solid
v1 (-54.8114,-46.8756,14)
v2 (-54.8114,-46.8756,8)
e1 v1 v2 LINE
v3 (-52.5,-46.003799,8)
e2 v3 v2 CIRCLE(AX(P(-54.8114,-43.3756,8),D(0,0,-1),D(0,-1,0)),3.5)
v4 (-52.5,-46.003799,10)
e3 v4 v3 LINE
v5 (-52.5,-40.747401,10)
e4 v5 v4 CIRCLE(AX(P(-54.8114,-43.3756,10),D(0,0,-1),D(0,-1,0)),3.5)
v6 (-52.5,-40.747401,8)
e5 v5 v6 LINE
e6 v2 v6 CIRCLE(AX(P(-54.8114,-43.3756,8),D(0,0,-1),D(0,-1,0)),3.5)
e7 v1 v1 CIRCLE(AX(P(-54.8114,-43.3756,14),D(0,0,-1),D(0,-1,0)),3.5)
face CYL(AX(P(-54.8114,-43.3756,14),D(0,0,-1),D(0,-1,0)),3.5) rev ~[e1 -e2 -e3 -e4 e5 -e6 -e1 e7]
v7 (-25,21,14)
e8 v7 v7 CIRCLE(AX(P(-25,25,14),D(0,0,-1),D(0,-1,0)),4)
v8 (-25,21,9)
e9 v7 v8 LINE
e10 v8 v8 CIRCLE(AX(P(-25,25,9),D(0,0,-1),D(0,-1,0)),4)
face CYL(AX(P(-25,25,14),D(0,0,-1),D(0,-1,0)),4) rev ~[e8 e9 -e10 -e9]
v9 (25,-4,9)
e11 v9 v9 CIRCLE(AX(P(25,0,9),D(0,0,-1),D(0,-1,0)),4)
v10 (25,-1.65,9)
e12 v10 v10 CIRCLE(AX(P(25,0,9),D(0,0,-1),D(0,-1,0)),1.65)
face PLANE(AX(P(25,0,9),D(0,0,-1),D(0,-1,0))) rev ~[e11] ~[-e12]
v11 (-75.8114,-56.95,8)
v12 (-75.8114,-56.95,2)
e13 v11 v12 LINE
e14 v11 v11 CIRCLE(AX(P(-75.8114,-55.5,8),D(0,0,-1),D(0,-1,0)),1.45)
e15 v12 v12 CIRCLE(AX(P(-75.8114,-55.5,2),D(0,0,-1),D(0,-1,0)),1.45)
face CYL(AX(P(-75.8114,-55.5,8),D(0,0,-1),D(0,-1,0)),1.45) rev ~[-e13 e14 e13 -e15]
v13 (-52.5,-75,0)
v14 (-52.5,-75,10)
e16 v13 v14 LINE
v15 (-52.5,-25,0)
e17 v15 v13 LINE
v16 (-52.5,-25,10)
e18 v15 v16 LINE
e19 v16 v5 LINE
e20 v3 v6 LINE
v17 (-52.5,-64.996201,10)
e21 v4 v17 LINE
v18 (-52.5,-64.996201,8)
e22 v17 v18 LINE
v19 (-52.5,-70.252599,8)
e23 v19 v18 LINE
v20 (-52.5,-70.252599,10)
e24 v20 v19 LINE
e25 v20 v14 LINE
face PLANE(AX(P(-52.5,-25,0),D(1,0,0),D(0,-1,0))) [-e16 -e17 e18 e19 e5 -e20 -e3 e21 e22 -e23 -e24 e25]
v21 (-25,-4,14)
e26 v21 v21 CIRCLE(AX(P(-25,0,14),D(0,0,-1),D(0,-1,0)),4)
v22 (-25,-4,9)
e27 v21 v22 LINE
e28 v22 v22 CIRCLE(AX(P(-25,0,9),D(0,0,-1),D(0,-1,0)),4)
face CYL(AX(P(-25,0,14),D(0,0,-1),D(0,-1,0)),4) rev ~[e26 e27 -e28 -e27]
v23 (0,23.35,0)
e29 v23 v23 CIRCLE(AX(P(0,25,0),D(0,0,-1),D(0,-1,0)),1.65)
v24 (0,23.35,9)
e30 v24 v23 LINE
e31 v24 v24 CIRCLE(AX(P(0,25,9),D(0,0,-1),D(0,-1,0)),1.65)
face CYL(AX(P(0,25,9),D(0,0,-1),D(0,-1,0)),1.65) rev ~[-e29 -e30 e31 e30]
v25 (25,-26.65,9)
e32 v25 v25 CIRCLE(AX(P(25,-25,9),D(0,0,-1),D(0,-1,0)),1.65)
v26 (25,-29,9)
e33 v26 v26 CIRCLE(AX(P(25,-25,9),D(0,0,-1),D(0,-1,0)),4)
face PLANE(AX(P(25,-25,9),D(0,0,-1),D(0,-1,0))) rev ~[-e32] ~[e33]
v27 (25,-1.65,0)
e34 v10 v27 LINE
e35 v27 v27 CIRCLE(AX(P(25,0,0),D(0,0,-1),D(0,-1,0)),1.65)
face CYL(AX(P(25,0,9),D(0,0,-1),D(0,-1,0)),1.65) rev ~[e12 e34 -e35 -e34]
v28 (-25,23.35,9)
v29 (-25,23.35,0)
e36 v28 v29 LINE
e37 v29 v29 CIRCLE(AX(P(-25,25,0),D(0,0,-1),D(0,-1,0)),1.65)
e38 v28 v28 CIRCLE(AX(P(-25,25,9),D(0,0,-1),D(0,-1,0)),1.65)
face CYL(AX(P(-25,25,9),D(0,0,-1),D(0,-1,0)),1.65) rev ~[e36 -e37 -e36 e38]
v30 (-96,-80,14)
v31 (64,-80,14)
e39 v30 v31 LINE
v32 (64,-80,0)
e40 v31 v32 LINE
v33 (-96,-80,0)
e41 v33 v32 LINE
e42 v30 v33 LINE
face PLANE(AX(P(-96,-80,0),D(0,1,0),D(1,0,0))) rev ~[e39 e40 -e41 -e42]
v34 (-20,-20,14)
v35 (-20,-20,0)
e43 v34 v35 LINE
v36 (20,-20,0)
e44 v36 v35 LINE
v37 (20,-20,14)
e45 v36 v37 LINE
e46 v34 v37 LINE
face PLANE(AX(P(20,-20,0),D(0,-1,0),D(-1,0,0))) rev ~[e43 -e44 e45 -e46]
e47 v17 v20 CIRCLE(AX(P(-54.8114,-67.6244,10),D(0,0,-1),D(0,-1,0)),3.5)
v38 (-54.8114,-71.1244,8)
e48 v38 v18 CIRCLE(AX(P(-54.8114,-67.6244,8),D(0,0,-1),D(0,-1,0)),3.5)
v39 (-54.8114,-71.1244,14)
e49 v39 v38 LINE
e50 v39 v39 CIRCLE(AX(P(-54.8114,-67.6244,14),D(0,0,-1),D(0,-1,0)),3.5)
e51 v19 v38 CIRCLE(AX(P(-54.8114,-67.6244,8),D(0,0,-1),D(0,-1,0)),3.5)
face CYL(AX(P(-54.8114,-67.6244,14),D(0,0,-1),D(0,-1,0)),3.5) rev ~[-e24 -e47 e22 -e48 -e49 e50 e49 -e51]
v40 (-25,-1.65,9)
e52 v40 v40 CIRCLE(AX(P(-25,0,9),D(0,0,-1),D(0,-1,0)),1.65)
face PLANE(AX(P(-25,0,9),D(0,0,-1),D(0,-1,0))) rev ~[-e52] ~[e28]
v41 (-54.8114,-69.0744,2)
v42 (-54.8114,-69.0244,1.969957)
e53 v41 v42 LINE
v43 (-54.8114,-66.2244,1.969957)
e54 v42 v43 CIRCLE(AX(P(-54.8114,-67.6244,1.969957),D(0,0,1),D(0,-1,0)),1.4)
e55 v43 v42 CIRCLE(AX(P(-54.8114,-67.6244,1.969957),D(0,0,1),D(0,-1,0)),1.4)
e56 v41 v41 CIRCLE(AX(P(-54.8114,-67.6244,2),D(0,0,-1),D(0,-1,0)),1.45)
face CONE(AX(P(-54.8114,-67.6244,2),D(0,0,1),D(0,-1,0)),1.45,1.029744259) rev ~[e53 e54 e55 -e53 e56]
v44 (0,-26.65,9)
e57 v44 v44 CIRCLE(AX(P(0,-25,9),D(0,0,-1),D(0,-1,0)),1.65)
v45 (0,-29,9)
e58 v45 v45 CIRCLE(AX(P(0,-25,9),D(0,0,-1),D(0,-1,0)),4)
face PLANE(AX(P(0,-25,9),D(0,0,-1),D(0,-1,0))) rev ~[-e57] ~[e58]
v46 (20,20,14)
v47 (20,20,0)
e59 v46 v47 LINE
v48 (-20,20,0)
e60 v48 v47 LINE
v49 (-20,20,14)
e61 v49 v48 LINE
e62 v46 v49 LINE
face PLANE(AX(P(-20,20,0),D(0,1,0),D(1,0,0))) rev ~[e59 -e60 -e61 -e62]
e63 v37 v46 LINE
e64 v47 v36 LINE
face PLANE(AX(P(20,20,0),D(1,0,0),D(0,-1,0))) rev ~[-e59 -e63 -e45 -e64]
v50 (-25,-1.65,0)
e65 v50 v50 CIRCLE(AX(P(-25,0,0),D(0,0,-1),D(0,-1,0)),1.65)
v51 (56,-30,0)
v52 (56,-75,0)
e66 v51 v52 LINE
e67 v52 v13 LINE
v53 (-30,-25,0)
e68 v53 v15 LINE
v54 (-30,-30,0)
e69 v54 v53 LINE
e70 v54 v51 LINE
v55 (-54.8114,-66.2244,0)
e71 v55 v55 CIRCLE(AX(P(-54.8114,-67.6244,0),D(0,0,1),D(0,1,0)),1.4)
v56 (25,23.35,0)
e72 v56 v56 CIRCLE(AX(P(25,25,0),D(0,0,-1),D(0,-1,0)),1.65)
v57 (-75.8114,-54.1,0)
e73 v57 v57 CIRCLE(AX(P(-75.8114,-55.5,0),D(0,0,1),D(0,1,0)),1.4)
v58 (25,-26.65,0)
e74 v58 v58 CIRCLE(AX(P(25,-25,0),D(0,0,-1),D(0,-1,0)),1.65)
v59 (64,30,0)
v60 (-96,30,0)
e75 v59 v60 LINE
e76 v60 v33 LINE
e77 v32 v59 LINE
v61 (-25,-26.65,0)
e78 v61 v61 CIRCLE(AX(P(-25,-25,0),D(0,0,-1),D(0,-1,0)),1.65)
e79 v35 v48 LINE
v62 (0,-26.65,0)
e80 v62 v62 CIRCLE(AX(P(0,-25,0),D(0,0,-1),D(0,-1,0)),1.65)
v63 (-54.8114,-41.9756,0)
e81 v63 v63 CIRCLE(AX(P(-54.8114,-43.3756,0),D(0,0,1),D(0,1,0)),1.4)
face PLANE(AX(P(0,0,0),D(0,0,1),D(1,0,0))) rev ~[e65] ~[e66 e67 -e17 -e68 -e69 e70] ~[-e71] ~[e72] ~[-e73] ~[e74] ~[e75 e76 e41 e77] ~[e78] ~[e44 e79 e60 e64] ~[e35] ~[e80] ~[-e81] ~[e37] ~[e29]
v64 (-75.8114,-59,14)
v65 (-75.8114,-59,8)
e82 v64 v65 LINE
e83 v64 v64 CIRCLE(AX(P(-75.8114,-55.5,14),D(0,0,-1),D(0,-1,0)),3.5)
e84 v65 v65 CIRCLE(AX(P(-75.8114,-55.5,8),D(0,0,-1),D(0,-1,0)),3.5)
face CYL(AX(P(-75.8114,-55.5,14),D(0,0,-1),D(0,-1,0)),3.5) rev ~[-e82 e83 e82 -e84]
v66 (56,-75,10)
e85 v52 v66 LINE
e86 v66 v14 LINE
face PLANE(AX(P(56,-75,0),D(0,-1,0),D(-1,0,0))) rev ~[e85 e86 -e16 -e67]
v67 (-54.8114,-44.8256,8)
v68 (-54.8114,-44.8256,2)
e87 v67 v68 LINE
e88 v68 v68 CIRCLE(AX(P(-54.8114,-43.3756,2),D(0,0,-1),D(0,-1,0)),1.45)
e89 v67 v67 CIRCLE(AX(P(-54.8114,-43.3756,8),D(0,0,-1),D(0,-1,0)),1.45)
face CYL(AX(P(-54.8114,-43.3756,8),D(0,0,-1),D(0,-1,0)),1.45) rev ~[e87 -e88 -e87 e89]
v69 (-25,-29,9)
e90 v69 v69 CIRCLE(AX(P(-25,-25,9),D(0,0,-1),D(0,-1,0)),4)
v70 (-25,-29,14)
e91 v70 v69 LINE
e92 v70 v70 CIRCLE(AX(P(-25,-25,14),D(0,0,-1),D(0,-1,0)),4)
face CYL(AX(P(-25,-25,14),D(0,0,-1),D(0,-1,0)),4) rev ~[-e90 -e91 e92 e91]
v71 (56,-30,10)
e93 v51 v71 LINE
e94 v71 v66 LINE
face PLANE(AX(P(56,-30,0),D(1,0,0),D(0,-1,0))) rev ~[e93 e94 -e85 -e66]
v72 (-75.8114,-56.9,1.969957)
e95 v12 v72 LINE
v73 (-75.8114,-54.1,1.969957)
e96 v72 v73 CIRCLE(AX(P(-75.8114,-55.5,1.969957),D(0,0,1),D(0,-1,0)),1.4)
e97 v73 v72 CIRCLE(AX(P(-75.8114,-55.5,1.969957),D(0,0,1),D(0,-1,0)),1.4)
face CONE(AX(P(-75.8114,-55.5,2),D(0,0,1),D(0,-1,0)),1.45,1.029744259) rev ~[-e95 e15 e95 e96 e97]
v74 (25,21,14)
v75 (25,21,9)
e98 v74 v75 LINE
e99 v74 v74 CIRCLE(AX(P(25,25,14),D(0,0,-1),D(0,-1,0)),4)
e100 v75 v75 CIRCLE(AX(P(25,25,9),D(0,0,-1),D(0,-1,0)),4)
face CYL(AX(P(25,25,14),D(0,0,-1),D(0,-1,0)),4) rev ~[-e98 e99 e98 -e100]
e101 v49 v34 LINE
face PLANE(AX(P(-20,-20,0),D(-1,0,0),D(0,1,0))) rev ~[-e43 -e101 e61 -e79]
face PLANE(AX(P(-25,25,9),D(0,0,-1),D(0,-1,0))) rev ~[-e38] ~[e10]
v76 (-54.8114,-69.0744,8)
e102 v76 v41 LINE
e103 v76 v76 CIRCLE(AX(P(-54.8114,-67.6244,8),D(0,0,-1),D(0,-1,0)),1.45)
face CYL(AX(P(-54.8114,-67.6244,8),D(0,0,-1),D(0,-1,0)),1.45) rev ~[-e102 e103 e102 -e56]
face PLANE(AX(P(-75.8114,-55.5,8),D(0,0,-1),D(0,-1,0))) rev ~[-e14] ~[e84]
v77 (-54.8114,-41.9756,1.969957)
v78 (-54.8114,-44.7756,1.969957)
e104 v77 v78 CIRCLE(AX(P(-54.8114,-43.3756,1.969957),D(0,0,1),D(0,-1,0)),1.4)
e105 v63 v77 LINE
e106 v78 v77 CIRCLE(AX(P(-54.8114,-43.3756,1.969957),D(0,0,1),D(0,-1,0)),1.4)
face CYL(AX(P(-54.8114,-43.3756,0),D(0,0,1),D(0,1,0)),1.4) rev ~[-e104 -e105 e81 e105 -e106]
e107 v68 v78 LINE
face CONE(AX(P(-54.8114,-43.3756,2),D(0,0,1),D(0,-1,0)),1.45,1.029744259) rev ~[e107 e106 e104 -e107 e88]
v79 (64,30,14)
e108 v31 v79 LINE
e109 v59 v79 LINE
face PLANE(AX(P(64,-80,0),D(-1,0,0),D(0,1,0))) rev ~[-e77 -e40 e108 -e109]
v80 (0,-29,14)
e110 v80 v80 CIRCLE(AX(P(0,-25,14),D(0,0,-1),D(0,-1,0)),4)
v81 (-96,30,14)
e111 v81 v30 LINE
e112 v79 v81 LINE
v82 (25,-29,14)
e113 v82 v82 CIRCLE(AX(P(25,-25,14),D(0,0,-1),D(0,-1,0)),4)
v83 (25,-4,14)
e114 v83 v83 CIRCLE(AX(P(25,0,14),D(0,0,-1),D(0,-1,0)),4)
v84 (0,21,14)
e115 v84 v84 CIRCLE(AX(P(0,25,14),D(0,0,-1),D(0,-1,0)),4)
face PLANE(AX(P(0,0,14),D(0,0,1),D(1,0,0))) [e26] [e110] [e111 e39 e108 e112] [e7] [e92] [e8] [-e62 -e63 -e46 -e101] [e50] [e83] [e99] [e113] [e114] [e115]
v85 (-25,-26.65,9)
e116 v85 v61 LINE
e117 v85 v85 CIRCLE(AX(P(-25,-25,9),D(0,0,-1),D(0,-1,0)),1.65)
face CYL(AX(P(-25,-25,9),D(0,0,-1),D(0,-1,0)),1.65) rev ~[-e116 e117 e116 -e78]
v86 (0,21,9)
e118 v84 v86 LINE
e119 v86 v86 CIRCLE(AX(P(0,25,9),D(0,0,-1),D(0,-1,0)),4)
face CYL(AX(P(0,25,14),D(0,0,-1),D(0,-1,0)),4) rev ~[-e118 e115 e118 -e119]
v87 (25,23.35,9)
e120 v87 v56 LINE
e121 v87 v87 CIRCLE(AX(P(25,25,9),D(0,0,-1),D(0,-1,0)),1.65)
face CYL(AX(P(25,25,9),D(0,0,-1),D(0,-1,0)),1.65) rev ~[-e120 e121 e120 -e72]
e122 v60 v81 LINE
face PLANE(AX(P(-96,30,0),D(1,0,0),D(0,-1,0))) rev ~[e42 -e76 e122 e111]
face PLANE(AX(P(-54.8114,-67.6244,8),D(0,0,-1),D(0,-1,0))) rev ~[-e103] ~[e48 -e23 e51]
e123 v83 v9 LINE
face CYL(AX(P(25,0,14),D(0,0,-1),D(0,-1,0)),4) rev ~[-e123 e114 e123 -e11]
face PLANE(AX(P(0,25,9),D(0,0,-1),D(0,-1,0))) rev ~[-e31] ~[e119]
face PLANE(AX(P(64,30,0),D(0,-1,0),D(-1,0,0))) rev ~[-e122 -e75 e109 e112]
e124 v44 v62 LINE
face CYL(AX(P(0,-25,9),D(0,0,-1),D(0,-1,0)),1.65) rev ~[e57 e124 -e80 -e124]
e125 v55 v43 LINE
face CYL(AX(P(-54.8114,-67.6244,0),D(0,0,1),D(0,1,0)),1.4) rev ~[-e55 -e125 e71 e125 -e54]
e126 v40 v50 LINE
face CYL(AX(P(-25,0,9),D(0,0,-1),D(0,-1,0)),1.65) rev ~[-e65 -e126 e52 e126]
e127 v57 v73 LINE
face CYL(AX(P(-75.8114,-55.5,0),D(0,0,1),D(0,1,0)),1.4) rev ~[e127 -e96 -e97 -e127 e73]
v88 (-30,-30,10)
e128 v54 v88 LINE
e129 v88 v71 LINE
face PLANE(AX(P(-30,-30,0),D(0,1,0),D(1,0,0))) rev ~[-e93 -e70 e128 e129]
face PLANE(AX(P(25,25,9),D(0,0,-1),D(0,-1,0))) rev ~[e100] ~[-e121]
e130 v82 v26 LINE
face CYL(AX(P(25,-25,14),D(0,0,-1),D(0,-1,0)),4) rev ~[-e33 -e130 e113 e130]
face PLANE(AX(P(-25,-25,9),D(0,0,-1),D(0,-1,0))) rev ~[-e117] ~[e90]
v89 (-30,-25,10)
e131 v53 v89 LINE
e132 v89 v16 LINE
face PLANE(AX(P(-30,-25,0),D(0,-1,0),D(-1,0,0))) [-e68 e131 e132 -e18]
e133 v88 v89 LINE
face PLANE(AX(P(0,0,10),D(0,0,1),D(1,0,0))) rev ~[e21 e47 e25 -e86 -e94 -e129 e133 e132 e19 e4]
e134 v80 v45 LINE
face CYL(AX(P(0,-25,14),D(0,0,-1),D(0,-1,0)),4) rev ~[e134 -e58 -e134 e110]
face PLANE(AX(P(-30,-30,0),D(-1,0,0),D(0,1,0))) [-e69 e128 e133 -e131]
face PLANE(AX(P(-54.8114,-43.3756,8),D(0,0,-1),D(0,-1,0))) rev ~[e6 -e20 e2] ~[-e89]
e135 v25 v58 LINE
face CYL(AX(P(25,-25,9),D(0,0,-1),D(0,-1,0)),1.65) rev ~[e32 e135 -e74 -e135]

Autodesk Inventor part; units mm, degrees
ref_plane "YZ Plane" through (0, 0, 0) normal (1, 0, 0) x (0, 1, 0)
ref_plane "XZ Plane" through (0, 0, 0) normal (0, 1, 0) x (-1, 0, 0)
ref_plane "XY Plane" through (0, 0, 0) normal (0, 0, 1) x (1, 0, 0)
ref_plane "Work Plane1" through (0, 0, 0) normal (0, 0, 1) x (1, 0, 0)
sketch "Sketch1" plane through (0, 0, 0) normal (0, 0, 1) x (1, 0, 0)
  circle A0 centre (0, 25) radius 1.95 construction
  circle A1 centre (-25, 0) radius 1.95 construction
  circle A2 centre (-25, -25) radius 1.95 construction
  circle A3 centre (25, 25) radius 1.95 construction
  circle A4 centre (25, -25) radius 1.95 construction
  circle A5 centre (-25, 25) radius 1.95 construction
  circle A6 centre (25, 0) radius 1.95 construction
  circle A7 centre (0, -25) radius 1.95 construction
  line L0 (-28, 30) -> (-30, 28) construction
  line L1 (-30, 28) -> (-30, -28) construction
  line L2 (-30, -28) -> (-28, -30) construction
  line L3 (-28, -30) -> (28, -30) construction
  line L4 (28, -30) -> (30, -28) construction
  line L5 (30, -28) -> (30, 28) construction
  line L6 (30, 28) -> (28, 30) construction
  line L7 (28, 30) -> (-28, 30) construction
  circle A8 centre (35, -56) radius 1 construction
  circle A9 centre (5, -48.5) radius 1 construction
  circle A10 centre (5, -64.5) radius 1.0474 construction
  circle A11 centre (-5, -64.5) radius 1 construction
  circle A12 centre (-5, -56) radius 1 construction
  circle A13 centre (-5, -48.5) radius 1 construction
  circle A14 centre (5, -56) radius 1 construction
  circle A15 centre (35, -48) radius 1 construction
  circle A16 centre (35, -64) radius 1 construction
  line L8 (38, -40) -> (38, -72) construction
  line L9 (38, -40) -> (-10, -40) construction
  line L10 (-10, -72) -> (-10, -40) construction
  line L11 (38, -72) -> (-10, -72) construction
  line L12 (38, -71) -> (38, -41) construction
  line L13 (38, -71) -> (48, -71) construction
  line L14 (48, -41) -> (48, -71) construction
  line L15 (38, -41) -> (48, -41) construction
  line L16 (56, -75) -> (-52.5, -75)
  line L17 (-52.5, -75) -> (-52.5, -30)
  line L18 (-52.5, -30) -> (56, -30)
  line L19 (56, -30) -> (56, -75)
  line L20 (-40, -41.1445) -> (-40, -68) construction
  line L21 (-41, -39.0927) -> (-41, -47.7587) construction
  line L22 (-41, -39.0927) -> (-46.5, -39.0927) construction
  line L23 (-46.5, -47.7587) -> (-46.5, -39.0927) construction
  line L24 (-41, -47.7587) -> (-46.5, -47.7587) construction
  line L25 (-41, -60.5) -> (-41, -64) construction
  line L26 (-41, -60.5) -> (-46.5, -60.5) construction
  line L27 (-46.5, -64) -> (-46.5, -60.5) construction
  line L28 (-41, -64) -> (-46.5, -64) construction
  line L29 (64, 30) -> (-96, 30)
  line L30 (-96, 30) -> (-96, -80)
  line L31 (-96, -80) -> (64, -80)
  line L32 (64, -80) -> (64, 30)
  line L33 (20, -20) -> (-20, -20)
  line L34 (-20, -20) -> (-20, 20)
  line L35 (-20, 20) -> (20, 20)
  line L36 (20, 20) -> (20, -20)
  line L37 (20, -20) -> (-20, 20) construction
  line L38 (-20, -20) -> (20, 20) construction
  line L39 (-52.5, -30) -> (-30, -30)
  line L40 (-30, -30) -> (-30, -25)
  line L41 (-30, -25) -> (-52.5, -25)
  line L42 (-52.5, -25) -> (-52.5, -30)
  point P0 (0, 0)
  dimension "d1" = 3
  dimension "d2" = 8
  dimension "d4" = 6
  dimension "d5" = 160
  dimension "d6" = 110
  dimension "d7" = 8
  dimension "d19" = 40
  dimension "d20" = 40
  dimension "d28" = 5
  dimension "d29" = 0
extrude "Extrusion1" add sketch "Sketch1" along normal blind 10
sketch "Sketch2" plane through (0, 0, 10) normal (0, 0, 1) x (1, 0, 0)
  line L0 (-30, -30) -> (56, -30) projected
  line L1 (56, -30) -> (56, -75) projected
  line L2 (56, -75) -> (-52.5, -75) projected
  line L3 (64, 30) -> (-96, 30) projected
  line L4 (-96, 30) -> (-96, -80) projected
  line L5 (-96, -80) -> (64, -80) projected
  line L6 (64, -80) -> (64, 30) projected
  line L7 (20, -20) -> (20, 20) projected
  line L8 (-20, -20) -> (20, -20)
  line L9 (20, -20) -> (20, 20)
  line L10 (20, 20) -> (-20, 20)
  line L11 (-20, 20) -> (-20, -20)
  line L12 (-20, -20) -> (20, 20) construction
  line L13 (20, -20) -> (-20, 20) construction
  line L14 (-52.5, -25) -> (-30, -25) projected
  line L15 (-30, -25) -> (-30, -30) projected
  line L16 (-52.5, -75) -> (-52.5, -25) projected
  point P0 (0, 0)
extrude "Extrusion2" add sketch "Sketch2" along normal blind 4 contours L0 L1 L2 L16 L14 L15 | L6 L5 L4 L3
sketch "Sketch3" plane through (0, 0, 14) normal (0, 0, 1) x (1, 0, 0)
  circle A0 centre (0, 25) radius 1.95 construction
  circle A1 centre (-25, 0) radius 1.95 construction
  circle A2 centre (-25, -25) radius 1.95 construction
  circle A3 centre (25, 25) radius 1.95 construction
  circle A4 centre (25, -25) radius 1.95 construction
  circle A5 centre (-25, 25) radius 1.95 construction
  circle A6 centre (25, 0) radius 1.95 construction
  circle A7 centre (0, -25) radius 1.95 construction
  line L0 (-28, 30) -> (-30, 28) construction
  line L1 (-30, 28) -> (-30, -28) construction
  line L2 (-30, -28) -> (-28, -30) construction
  line L3 (-28, -30) -> (28, -30) construction
  line L4 (28, -30) -> (30, -28) construction
  line L5 (30, -28) -> (30, 28) construction
  line L6 (30, 28) -> (28, 30) construction
  line L7 (28, 30) -> (-28, 30) construction
  point P0 (0, 0)
hole "Hole1" at (25, 25, 14) at (0, 25, 14) at (-25, 25, 14) at (-25, 0, 14) at (-25, -25, 14) at (0, -25, 14) at (25, -25, 14) at (25, 0, 14) direction (0, 0, -1) diameter 3.3 end through all counterbore diameter 8 counterbore depth 5
sketch "Sketch4" plane through (0, 0, 0) normal (0, 0, -1) x (-1, 0, 0)
  line L0 (52.5, -75) -> (-56, -75) construction
  line L1 (-56, -75) -> (-56, -30) construction
  line L2 (-56, -30) -> (30, -30) construction
  line L3 (20, 20) -> (20, -20) construction
  line L4 (20, -20) -> (-20, -20) construction
  line L5 (-20, -20) -> (-20, 20) construction
  line L6 (-20, 20) -> (20, 20) construction
  line L7 (-64, 30) -> (96, 30) construction
  line L8 (-64, -80) -> (-64, 30) construction
  line L9 (96, -80) -> (-64, -80) construction
  line L10 (96, 30) -> (96, -80) construction
  line L11 (54.8114, -67.6244) -> (54.8114, -43.3756) construction
  line L12 (54.8114, -43.3756) -> (75.8114, -55.5) construction
  line L13 (75.8114, -55.5) -> (54.8114, -67.6244) construction
  line L14 (96, 30) -> (96, -80) construction
  line L15 (30, -30) -> (30, -25) projected
  line L16 (30, -25) -> (52.5, -25) projected
  line L17 (52.5, -25) -> (52.5, -75) projected
  line L18 (20, -49.5) -> (16.4, -49.5)
  line L19 (20, -61.5) -> (16.4, -61.5)
  circle A0 centre (5, -55.5) radius 1.8 projected
  point P0 (0, 0)
  point P1 (61.8114, -55.5)
  dimension "d30" = 21
  dimension "d31" = 0
hole "Hole2" at (-54.8114, -43.3756, 0) at (-75.8114, -55.5, 0) at (-54.8114, -67.6244, 0) direction (0, 0, 1) diameter 2.8 depth 12 tip angle 118
sketch "Sketch5" plane through (0, 0, 14) normal (0, 0, 1) x (1, 0, 0)
  circle A0 centre (-75.8114, -55.5) radius 1.4 projected
  circle A1 centre (-54.8114, -43.3756) radius 1.4 projected
  circle A2 centre (-54.8114, -67.6244) radius 1.4 projected
  circle A3 centre (25, -25) radius 1.65 projected
  circle A4 centre (-25, -25) radius 1.65 projected
  circle A5 centre (-25, 25) radius 1.65 projected
  circle A6 centre (25, 25) radius 1.65 projected
  circle A7 centre (0, 25) radius 1.65 projected
  circle A8 centre (-25, 0) radius 1.65 projected
  circle A9 centre (0, -25) radius 1.65 projected
  circle A10 centre (25, 0) radius 1.65 projected
  line L0 (64, 30) -> (-96, 30) projected
  line L1 (64, -80) -> (64, 30) projected
  line L2 (-96, -80) -> (64, -80) projected
  line L3 (-96, 30) -> (-96, -80) projected
  line L4 (-52.5, -25) -> (-52.5, -75) projected
  line L5 (-52.5, -75) -> (56, -75) projected
  line L6 (56, -75) -> (56, -30) projected
  line L7 (56, -30) -> (-30, -30) projected
  line L8 (-30, -30) -> (-30, -25) projected
  line L9 (-30, -25) -> (-52.5, -25) projected
  line L10 (-20, 20) -> (-20, -20) projected
  line L11 (-20, -20) -> (20, -20) projected
  line L12 (20, -20) -> (20, 20) projected
  line L13 (20, 20) -> (-20, 20) projected
  circle A11 centre (-75.8114, -55.5) radius 1.4 projected
  circle A12 centre (-54.8114, -43.3756) radius 1.4 projected
  circle A13 centre (-54.8114, -67.6244) radius 1.4 projected
  point P0 (0, 0)
hole "Hole3" at (-54.8114, -43.3756, 14) at (-54.8114, -67.6244, 14) at (-75.8114, -55.5, 14) direction (0, 0, -1) diameter 2.9 depth 12 tip angle 118 counterbore diameter 7 counterbore depth 6
properties part number "cellSTORM_Base_v0"
